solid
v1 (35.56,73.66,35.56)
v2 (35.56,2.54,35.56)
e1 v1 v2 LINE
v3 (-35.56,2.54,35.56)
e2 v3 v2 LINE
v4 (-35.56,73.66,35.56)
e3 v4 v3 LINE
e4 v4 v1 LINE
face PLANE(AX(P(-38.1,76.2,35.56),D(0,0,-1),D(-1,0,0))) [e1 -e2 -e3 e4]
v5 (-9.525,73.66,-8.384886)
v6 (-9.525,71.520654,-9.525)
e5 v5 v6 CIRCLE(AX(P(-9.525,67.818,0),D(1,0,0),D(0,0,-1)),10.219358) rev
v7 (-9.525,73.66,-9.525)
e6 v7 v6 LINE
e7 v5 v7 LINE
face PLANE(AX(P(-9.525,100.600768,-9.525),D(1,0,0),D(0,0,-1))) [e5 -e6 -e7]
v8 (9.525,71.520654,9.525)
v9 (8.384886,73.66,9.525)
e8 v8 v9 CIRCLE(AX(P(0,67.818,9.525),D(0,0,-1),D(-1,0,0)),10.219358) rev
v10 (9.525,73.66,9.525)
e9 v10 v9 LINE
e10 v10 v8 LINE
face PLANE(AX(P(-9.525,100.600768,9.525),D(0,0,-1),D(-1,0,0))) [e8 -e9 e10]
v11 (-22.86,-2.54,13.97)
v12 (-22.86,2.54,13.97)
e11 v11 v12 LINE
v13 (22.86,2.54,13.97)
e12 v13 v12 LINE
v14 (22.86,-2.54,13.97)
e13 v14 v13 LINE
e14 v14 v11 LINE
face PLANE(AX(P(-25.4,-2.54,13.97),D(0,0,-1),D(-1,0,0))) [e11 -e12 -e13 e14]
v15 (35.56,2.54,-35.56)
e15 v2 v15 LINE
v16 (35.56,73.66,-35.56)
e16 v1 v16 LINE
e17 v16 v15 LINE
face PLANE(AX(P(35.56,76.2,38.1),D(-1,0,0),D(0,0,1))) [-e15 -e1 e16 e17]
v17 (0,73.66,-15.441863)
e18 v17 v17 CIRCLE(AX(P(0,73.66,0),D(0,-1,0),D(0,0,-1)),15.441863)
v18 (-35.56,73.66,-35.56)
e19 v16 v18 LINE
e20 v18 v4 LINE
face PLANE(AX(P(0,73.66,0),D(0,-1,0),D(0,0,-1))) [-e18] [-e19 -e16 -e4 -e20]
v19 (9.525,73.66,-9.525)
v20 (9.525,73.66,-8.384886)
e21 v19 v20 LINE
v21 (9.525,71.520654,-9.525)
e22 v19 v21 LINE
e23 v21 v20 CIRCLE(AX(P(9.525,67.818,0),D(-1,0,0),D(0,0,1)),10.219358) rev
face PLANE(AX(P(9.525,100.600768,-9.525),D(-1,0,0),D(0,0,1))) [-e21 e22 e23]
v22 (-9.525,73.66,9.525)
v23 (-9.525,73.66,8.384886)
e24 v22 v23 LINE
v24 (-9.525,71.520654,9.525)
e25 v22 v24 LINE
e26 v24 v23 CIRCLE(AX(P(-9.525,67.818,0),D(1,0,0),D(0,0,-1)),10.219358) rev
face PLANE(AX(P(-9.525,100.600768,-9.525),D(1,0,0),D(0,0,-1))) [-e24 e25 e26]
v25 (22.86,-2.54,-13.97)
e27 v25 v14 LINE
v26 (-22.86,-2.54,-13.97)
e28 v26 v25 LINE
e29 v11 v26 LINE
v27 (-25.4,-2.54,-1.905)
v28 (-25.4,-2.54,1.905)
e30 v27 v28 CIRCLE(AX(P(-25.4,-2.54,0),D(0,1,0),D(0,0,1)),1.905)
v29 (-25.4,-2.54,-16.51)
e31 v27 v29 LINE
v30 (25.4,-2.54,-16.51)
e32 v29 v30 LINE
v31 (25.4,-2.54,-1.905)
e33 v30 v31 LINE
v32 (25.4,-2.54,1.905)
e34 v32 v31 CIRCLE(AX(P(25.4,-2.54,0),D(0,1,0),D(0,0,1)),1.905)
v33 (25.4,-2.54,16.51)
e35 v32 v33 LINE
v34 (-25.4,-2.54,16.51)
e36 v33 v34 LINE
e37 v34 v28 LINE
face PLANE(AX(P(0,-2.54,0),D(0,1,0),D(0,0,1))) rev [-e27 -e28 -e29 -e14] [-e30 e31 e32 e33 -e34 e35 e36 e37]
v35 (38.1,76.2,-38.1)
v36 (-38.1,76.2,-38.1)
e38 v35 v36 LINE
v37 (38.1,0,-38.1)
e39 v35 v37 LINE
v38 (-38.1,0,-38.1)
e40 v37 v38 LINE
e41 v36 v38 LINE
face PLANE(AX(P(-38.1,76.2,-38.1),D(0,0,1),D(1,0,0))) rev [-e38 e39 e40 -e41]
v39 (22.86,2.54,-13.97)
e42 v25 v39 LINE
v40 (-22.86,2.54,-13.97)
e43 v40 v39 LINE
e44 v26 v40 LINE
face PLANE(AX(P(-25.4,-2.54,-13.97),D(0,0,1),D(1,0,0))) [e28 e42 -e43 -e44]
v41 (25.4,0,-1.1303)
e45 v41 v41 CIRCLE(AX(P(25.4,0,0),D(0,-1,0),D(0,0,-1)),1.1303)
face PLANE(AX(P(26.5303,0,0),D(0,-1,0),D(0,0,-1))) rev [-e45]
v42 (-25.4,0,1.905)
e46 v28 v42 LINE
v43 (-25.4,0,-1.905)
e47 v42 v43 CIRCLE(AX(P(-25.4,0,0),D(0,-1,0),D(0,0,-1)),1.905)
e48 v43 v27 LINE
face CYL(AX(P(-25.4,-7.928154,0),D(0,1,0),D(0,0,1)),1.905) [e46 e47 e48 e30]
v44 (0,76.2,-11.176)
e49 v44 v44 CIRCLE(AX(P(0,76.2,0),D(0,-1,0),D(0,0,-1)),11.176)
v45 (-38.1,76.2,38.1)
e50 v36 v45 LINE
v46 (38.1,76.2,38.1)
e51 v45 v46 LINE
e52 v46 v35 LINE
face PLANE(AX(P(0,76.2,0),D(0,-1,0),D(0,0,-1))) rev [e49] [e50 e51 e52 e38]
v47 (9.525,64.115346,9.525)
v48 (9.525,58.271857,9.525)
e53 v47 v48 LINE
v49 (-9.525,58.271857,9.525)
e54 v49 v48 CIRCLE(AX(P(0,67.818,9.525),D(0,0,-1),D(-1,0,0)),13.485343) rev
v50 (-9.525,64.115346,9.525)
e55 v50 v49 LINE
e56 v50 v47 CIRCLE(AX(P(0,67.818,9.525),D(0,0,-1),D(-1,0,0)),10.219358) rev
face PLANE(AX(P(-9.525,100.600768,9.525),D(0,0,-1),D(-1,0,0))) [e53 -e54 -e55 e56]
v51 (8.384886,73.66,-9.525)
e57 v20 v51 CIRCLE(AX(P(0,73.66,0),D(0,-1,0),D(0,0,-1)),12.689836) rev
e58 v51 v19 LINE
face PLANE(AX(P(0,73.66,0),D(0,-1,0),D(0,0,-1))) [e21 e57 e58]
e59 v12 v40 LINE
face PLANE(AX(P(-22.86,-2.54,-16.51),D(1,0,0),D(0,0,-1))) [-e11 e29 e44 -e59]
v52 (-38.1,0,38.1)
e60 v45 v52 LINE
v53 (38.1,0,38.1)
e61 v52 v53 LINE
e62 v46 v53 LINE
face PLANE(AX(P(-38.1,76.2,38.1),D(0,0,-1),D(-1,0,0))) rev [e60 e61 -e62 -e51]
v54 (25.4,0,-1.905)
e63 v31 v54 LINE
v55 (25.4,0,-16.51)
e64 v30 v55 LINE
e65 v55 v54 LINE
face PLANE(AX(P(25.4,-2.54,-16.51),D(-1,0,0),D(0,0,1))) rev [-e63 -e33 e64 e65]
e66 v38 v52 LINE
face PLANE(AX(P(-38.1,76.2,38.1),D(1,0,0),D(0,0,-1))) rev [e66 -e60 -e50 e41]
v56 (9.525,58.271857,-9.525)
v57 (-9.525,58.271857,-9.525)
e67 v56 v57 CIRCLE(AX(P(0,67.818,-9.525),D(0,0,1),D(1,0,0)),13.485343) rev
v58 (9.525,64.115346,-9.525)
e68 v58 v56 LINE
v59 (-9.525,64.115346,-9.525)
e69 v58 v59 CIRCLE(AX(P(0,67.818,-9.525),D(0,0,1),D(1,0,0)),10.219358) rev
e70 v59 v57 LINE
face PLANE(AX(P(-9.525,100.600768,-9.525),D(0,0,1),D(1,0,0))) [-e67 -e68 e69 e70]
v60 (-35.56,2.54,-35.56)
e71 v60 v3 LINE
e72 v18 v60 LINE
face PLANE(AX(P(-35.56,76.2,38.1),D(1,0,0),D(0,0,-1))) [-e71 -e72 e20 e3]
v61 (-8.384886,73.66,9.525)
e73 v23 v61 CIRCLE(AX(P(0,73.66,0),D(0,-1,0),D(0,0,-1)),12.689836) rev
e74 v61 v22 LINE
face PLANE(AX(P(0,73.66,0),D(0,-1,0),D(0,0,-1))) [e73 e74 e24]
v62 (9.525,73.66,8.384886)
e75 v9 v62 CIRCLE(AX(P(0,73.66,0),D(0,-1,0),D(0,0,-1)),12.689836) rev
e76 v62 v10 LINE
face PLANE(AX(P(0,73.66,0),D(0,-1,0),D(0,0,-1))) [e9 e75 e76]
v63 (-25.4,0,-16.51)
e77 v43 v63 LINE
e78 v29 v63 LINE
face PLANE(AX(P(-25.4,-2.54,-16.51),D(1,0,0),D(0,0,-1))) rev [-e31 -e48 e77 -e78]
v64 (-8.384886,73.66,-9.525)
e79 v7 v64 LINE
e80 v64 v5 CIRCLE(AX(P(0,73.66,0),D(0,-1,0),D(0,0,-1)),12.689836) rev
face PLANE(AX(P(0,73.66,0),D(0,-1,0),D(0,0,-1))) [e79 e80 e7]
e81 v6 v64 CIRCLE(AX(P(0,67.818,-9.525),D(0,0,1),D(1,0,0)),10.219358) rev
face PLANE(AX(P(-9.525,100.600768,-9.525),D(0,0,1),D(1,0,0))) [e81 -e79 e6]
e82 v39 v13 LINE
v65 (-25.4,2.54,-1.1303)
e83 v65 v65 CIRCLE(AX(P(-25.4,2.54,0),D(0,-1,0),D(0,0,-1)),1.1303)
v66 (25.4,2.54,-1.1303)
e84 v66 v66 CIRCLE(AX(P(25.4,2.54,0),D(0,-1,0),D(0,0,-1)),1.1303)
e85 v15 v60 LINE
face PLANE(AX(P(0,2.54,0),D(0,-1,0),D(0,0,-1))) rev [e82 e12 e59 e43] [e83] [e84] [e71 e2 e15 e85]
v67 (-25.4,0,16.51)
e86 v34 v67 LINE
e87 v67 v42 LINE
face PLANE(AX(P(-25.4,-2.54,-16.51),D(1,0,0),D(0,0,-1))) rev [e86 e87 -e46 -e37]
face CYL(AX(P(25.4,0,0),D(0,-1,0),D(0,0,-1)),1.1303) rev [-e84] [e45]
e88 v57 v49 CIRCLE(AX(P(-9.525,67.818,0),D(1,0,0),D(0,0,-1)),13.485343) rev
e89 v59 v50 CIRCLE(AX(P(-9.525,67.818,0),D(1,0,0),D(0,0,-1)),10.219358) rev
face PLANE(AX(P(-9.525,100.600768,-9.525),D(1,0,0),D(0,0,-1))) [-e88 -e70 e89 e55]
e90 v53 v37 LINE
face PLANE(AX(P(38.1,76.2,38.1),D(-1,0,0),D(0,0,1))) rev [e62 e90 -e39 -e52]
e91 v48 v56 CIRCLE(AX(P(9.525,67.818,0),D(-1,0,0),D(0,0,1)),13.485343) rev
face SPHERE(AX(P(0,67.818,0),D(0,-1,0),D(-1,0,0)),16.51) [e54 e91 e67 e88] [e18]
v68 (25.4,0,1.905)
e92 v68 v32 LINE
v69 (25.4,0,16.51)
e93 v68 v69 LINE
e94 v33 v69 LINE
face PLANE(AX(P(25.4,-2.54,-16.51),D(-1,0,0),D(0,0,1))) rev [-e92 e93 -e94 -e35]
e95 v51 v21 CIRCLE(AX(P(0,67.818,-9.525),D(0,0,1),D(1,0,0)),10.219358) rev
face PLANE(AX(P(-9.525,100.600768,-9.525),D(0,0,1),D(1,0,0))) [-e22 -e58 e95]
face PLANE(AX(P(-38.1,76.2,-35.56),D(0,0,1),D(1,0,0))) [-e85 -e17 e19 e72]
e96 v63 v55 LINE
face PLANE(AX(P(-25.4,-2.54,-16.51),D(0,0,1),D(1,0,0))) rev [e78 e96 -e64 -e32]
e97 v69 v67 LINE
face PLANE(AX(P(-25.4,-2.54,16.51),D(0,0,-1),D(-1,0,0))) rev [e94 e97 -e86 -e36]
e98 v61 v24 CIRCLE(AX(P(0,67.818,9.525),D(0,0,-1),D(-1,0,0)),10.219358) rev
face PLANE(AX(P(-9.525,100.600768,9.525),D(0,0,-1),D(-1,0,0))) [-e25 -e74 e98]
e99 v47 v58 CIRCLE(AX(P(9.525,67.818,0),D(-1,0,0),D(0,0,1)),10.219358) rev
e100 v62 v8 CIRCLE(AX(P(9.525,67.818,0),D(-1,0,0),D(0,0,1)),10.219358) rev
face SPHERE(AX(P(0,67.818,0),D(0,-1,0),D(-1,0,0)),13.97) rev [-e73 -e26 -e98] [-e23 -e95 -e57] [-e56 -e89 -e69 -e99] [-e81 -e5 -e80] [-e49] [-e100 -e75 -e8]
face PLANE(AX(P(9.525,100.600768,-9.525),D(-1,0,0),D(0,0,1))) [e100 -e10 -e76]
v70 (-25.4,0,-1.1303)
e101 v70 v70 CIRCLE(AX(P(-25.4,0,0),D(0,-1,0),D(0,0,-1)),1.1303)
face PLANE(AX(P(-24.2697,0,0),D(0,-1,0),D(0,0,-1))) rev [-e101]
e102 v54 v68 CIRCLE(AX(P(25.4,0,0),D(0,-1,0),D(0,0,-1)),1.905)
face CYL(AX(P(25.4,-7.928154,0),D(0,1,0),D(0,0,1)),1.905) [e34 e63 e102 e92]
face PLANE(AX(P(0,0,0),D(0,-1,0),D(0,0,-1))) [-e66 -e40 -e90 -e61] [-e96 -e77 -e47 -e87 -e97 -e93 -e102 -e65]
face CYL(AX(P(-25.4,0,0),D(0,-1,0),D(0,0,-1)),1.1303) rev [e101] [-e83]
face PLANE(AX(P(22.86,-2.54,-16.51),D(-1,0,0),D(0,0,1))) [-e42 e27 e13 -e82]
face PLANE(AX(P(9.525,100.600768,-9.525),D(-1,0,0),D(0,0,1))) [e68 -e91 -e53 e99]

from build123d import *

# Parameters (mm, degrees)
SKETCH1_W                  = 76.2
SKETCH1_H                  = 76.2
MAIN_BODY_DEPTH            = 76.2
SKETCH6_W                  = 50.8
SKETCH6_H                  = 33.02
CAMERA_BASE_DEPTH          = 2.54
SHELL_T                    = -2.54
SKETCH13_R                 = 1.905
SCREW_MOUNTS_DEPTH         = 2.54
F_4_40_TAPPED_HOLE1_REACH  = 95.326
F_4_40_TAPPED_HOLE1_BORE_R = 1.1303
CHECK_OUT_THE_BOTTOM_REACH = 95.326
SKETCH16_W                 = 19.05
SKETCH16_H                 = 19.05


with BuildPart() as part:
    # Sketch1 → main body (new body)
    with BuildSketch(Plane(origin=(0, 0, 0), x_dir=(1, 0, 0), z_dir=(0, 1, 0))):
        Rectangle(SKETCH1_W, SKETCH1_H)
    extrude(amount=MAIN_BODY_DEPTH)

    # Sketch5 → trackball hole (revolve, cut)
    with BuildSketch(Plane.XY):
        with BuildLine():
            Line((0, 81.788), (0, 53.848))
            ThreePointArc((0, 53.848), (13.97, 67.818), (0, 81.788))
        make_face()
    revolve(axis=Axis((0, -906.782, 0), (0, 1, 0)), mode=Mode.SUBTRACT)

    # Sketch6 → camera base (add)
    with BuildSketch(Plane.XZ):
        Rectangle(SKETCH6_W, SKETCH6_H)
    extrude(amount=CAMERA_BASE_DEPTH)

    # shell
    shell_openings = [part.faces().sort_by_distance(p)[0] for p in [
        (0, -2.54, 0),
    ]]
    offset(amount=SHELL_T, openings=shell_openings, kind=Kind.INTERSECTION)

    # Sketch13 → screw mounts (add)
    with BuildSketch(Plane.XZ):
        with Locations((-25.4, 0)):
            Circle(SKETCH13_R)
        with Locations((25.4, 0)):
            Circle(SKETCH13_R)
    extrude(amount=SCREW_MOUNTS_DEPTH)

    # #4-40 Tapped Hole1 bore → #4-40 Tapped Hole1 (cut, up to next)
    with BuildSketch(Plane(origin=(0, 0, 0), x_dir=(-1, 0, 0), z_dir=(0, -1, 0)), mode=Mode.PRIVATE) as f_4_40_tapped_hole1_sk1:
        with Locations((25.4, 0)):
            Circle(F_4_40_TAPPED_HOLE1_BORE_R)
    f_4_40_tapped_hole1_tool1 = extrude(f_4_40_tapped_hole1_sk1.sketch, amount=-F_4_40_TAPPED_HOLE1_REACH, mode=Mode.PRIVATE) & part.part
    # #4-40 Tapped Hole1 bore → #4-40 Tapped Hole1 (cut, up to next)
    with BuildSketch(Plane(origin=(0, 0, 0), x_dir=(-1, 0, 0), z_dir=(0, -1, 0)), mode=Mode.PRIVATE) as f_4_40_tapped_hole1_sk2:
        with Locations((-25.4, 0)):
            Circle(F_4_40_TAPPED_HOLE1_BORE_R)
    f_4_40_tapped_hole1_tool2 = extrude(f_4_40_tapped_hole1_sk2.sketch, amount=-F_4_40_TAPPED_HOLE1_REACH, mode=Mode.PRIVATE) & part.part
    add(f_4_40_tapped_hole1_tool1.solids().sort_by_distance((-25.4, 0, 0))[0], mode=Mode.SUBTRACT)
    add(f_4_40_tapped_hole1_tool2.solids().sort_by_distance((25.4, 0, 0))[0], mode=Mode.SUBTRACT)

    # check out the bottom: up to this face of the body (flat: up to its plane)
    check_out_the_bottom_end = Plane(part.part.faces().sort_by_distance((0, 73.66, -34.554211314))[0])
    # Sketch16 → check out the bottom (cut, up to the picked face)
    with BuildSketch(Plane(origin=(0, 0, 0), x_dir=(1, 0, 0), z_dir=(0, 1, 0)), mode=Mode.PRIVATE) as check_out_the_bottom_sk1:
        Rectangle(SKETCH16_W, SKETCH16_H)
    check_out_the_bottom_tool1 = split(extrude(check_out_the_bottom_sk1.sketch, amount=CHECK_OUT_THE_BOTTOM_REACH, mode=Mode.PRIVATE), bisect_by=check_out_the_bottom_end, keep=Keep.BOTH, mode=Mode.PRIVATE)
    add(check_out_the_bottom_tool1.solids().sort_by(Axis((0, 0, 0), (0, 1, 0)))[0], mode=Mode.SUBTRACT)


solid = part.part
